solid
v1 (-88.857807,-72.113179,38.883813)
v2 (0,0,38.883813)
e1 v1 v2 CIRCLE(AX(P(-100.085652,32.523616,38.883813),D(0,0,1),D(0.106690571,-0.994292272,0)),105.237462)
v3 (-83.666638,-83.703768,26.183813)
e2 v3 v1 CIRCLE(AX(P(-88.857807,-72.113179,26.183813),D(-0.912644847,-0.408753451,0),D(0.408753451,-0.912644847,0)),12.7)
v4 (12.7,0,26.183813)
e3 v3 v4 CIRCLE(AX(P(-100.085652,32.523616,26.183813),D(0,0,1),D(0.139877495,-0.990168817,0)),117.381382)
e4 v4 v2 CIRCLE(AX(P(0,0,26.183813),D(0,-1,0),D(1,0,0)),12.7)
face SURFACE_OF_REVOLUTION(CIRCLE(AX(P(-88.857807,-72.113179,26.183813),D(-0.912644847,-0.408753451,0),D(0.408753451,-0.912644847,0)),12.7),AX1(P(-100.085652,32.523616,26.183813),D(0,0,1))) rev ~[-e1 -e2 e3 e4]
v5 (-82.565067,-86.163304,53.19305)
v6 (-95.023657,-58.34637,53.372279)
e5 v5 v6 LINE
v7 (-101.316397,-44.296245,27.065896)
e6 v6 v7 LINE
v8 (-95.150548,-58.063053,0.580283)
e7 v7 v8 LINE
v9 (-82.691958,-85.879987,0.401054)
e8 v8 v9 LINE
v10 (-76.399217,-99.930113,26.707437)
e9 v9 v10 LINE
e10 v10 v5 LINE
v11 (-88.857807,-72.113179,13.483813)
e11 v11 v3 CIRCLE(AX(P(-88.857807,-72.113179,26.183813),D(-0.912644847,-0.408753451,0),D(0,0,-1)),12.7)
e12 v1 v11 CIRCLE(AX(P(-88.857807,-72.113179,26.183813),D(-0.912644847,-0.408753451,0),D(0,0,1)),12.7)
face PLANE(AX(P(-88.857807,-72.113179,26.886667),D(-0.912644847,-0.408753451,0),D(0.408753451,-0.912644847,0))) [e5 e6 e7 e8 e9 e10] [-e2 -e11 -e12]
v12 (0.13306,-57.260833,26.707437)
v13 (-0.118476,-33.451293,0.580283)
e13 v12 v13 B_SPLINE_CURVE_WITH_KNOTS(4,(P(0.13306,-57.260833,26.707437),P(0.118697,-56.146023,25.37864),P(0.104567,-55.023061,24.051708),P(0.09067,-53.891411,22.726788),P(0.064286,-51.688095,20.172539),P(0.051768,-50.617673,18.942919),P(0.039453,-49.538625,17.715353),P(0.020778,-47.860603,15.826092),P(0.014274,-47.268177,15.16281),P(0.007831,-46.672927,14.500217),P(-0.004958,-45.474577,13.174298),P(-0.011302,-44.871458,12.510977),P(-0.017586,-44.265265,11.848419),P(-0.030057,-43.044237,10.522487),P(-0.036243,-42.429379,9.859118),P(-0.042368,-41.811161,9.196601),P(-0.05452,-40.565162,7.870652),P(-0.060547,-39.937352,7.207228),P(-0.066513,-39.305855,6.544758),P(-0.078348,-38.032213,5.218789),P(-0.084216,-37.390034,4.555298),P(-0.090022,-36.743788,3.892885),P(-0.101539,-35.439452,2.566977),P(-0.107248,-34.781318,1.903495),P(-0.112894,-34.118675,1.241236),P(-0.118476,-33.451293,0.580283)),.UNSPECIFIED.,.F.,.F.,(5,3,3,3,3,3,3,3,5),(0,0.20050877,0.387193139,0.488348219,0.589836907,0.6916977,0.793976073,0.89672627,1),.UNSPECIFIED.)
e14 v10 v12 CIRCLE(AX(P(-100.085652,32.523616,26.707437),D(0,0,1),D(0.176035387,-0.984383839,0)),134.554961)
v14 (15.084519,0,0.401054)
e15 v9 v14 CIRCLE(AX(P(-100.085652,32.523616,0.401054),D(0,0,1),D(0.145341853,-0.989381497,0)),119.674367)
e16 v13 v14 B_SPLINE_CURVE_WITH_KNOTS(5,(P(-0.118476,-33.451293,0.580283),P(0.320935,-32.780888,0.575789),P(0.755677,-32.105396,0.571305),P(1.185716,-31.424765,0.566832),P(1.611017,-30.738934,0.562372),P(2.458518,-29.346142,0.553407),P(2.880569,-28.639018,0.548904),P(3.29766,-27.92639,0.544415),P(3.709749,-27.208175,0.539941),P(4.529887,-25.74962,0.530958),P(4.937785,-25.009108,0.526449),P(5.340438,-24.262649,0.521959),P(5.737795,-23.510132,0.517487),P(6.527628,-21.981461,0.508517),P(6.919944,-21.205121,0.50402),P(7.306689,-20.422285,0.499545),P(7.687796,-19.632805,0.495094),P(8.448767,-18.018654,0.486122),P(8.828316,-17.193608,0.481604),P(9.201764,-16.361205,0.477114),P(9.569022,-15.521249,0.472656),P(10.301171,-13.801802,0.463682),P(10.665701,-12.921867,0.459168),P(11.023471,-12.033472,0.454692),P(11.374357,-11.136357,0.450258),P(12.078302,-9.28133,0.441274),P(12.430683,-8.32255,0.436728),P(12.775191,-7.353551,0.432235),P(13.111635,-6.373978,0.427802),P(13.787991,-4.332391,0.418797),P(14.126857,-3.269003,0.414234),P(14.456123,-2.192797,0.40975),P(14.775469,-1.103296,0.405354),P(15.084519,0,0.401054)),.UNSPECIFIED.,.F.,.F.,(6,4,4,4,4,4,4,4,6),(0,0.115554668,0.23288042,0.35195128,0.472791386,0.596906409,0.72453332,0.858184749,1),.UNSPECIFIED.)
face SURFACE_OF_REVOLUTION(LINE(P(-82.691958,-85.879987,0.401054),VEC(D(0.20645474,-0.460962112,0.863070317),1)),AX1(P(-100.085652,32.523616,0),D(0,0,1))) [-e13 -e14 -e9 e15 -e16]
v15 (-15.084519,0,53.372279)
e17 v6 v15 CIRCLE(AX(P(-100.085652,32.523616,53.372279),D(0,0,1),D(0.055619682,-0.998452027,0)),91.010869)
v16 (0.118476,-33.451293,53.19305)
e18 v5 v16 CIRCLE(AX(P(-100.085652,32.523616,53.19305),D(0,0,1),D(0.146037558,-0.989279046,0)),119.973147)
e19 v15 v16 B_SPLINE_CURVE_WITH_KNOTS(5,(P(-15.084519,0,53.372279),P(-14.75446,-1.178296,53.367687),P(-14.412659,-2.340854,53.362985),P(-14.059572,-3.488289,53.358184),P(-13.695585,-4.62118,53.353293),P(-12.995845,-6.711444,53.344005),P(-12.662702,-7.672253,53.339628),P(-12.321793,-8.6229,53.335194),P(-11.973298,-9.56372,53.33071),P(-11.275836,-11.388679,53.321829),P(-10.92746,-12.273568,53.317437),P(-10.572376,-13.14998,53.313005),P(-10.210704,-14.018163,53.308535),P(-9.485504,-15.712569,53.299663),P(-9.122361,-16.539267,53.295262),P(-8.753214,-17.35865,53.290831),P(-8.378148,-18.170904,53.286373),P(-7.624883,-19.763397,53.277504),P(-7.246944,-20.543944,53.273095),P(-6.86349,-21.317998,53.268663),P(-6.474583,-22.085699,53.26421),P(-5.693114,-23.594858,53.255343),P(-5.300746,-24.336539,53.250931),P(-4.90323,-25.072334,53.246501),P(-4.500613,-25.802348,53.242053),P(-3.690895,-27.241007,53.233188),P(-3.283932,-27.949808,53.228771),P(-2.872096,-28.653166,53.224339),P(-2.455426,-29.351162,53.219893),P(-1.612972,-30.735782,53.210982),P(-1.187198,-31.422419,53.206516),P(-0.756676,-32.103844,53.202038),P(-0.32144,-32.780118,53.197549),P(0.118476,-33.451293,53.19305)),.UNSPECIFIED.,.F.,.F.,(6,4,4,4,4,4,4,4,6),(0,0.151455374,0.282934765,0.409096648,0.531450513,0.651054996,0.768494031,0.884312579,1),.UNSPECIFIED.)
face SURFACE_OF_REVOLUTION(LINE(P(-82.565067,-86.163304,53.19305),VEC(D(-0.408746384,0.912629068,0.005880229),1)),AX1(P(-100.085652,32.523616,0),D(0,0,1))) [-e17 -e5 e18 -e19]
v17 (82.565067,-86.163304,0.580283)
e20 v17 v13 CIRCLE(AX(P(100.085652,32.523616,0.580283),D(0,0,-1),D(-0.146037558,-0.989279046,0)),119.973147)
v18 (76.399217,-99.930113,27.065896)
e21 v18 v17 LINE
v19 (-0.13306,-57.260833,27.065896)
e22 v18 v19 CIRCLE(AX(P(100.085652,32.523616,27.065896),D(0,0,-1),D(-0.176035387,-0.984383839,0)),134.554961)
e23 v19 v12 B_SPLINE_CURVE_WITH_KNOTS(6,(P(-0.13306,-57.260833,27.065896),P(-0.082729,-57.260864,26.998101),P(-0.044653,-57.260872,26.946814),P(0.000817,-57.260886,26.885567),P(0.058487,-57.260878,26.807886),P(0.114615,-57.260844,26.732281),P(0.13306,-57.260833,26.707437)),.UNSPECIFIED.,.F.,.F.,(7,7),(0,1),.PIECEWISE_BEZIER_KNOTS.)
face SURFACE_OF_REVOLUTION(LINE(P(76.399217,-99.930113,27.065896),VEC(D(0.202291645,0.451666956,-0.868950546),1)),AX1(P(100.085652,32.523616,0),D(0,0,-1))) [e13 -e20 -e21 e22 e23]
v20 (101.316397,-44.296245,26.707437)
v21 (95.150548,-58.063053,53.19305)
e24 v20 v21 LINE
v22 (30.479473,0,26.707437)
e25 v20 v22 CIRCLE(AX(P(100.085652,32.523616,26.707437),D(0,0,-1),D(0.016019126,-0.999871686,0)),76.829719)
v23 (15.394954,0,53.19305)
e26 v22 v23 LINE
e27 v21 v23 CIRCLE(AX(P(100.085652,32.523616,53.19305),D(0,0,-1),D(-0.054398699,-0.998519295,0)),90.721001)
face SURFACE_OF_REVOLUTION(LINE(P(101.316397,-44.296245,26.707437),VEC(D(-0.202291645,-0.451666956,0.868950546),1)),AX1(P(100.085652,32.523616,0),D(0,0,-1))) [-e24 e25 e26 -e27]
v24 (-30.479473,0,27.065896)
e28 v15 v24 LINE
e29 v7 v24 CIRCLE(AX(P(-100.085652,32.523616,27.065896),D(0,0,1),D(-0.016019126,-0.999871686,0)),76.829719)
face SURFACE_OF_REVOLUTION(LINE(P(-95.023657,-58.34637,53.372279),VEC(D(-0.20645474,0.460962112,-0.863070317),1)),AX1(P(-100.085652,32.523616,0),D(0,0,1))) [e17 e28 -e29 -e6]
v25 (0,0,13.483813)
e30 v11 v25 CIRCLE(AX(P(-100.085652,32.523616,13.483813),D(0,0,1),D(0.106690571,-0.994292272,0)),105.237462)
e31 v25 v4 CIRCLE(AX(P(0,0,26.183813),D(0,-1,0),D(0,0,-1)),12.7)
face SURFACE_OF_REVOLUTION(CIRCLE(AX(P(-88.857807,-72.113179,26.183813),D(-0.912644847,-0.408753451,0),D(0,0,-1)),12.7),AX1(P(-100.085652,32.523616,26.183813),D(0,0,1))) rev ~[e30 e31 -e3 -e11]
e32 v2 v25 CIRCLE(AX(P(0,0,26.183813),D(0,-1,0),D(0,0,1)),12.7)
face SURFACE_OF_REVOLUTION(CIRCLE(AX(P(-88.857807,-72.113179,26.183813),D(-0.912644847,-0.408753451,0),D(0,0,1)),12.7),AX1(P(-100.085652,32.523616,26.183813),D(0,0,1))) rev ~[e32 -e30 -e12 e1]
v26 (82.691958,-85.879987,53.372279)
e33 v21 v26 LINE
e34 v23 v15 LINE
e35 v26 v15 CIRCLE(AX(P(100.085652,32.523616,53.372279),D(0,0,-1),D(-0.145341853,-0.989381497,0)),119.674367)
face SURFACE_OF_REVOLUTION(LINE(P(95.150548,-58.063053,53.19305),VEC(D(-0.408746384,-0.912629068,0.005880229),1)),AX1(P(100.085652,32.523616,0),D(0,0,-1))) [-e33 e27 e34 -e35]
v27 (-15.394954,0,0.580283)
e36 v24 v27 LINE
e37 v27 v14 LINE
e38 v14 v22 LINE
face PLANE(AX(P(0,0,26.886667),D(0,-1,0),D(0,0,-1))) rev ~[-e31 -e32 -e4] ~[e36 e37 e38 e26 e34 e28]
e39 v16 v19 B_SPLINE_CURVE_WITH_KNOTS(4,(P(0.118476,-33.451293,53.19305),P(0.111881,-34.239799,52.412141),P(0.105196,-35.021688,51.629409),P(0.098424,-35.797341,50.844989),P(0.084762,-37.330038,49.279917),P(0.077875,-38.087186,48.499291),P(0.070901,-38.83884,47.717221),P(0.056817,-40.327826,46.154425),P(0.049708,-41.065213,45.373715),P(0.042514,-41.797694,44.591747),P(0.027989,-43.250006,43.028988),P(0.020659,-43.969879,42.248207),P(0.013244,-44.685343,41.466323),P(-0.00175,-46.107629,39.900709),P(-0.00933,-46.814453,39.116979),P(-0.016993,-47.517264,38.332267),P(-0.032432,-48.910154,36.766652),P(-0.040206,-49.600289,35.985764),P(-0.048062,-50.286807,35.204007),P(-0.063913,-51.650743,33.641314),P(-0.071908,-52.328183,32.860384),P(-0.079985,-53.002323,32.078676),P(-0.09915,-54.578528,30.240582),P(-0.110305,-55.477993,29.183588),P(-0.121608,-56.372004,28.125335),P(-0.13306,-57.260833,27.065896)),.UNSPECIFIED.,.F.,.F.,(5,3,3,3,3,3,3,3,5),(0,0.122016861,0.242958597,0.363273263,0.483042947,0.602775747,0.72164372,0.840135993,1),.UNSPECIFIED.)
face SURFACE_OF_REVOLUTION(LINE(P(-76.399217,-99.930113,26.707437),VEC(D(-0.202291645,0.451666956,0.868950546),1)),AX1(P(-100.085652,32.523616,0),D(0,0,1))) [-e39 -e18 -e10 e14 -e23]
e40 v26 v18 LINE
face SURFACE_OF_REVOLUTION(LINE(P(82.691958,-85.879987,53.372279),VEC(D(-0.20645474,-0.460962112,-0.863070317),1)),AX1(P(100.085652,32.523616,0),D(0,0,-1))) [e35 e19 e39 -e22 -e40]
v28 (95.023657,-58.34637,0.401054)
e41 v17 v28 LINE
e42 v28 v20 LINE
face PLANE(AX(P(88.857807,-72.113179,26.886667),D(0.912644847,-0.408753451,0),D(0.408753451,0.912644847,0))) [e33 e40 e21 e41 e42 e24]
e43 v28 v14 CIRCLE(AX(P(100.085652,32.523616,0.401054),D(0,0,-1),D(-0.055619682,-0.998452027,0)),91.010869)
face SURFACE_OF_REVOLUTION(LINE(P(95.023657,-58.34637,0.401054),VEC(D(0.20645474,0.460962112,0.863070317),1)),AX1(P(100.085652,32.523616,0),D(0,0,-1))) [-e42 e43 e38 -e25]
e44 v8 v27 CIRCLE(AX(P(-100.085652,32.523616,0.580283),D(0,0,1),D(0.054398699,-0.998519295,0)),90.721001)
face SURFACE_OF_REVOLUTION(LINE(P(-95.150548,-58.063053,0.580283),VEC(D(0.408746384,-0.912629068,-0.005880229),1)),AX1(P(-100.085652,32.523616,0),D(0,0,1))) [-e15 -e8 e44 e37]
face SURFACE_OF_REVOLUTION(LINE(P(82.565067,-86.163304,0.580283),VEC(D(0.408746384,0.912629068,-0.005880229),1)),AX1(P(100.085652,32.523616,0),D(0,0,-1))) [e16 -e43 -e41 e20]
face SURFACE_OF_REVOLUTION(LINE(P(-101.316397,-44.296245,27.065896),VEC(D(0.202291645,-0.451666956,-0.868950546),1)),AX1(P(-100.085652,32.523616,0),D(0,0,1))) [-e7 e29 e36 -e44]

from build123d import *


with BuildPart() as f2:
    # F2: sweep along a path in F1
    with BuildLine(Plane.XY) as f2_path:
        ThreePointArc((88.857807219, -72.1131786704), (33.770108767, -49.1903487224), (0, 0))
    # F0 (on Front) → F2 (sweep)
    with BuildSketch(Plane.XZ):
        Polygon((-30.4794730405, 27.0658959038), (-15.3949537232, 0.5802832628), (15.0845193173, 0.401053875), (30.4794730405, 26.7074371281), (15.3949537232, 53.193049769), (-15.0845193173, 53.3722791569), align=None)
    sweep(path=f2_path.line)

    # F3: sweep along a path in F1
    with BuildLine(Plane.XY) as f3_path:
        ThreePointArc((-88.857807219, -72.1131786704), (-33.770108767, -49.1903487224), (0, 0))
    # F0 (on Front) → F3 (sweep)
    with BuildSketch(Plane.XZ):
        Polygon((-30.4794730405, 27.0658959038), (-15.3949537232, 0.5802832628), (15.0845193173, 0.401053875), (30.4794730405, 26.7074371281), (15.3949537232, 53.193049769), (-15.0845193173, 53.3722791569), align=None)
    sweep(path=f3_path.line)

    # F5: sweep along a path in F1
    with BuildLine(Plane.XY) as f5_path:
        ThreePointArc((-88.857807219, -72.1131786704), (-33.770108767, -49.1903487224), (0, 0))
    # F4 (on face) → F5 (sweep, cut)
    with BuildSketch(Plane.XZ):
        with BuildLine():
            Line((0, 38.8838126014), (0, 13.4838126014))
            ThreePointArc((0, 13.4838126014), (8.9802561211, 17.2035564803), (12.7, 26.1838126014))
            ThreePointArc((12.7, 26.1838126014), (8.9802561211, 35.1640687224), (0, 38.8838126014))
        make_face()
        with BuildLine():
            ThreePointArc((0, 38.8838126014), (-12.7, 26.1838126014), (0, 13.4838126014))
            Line((0, 13.4838126014), (0, 38.8838126014))
        make_face()
    sweep(path=f5_path.line, mode=Mode.SUBTRACT)


solid = f2.part
